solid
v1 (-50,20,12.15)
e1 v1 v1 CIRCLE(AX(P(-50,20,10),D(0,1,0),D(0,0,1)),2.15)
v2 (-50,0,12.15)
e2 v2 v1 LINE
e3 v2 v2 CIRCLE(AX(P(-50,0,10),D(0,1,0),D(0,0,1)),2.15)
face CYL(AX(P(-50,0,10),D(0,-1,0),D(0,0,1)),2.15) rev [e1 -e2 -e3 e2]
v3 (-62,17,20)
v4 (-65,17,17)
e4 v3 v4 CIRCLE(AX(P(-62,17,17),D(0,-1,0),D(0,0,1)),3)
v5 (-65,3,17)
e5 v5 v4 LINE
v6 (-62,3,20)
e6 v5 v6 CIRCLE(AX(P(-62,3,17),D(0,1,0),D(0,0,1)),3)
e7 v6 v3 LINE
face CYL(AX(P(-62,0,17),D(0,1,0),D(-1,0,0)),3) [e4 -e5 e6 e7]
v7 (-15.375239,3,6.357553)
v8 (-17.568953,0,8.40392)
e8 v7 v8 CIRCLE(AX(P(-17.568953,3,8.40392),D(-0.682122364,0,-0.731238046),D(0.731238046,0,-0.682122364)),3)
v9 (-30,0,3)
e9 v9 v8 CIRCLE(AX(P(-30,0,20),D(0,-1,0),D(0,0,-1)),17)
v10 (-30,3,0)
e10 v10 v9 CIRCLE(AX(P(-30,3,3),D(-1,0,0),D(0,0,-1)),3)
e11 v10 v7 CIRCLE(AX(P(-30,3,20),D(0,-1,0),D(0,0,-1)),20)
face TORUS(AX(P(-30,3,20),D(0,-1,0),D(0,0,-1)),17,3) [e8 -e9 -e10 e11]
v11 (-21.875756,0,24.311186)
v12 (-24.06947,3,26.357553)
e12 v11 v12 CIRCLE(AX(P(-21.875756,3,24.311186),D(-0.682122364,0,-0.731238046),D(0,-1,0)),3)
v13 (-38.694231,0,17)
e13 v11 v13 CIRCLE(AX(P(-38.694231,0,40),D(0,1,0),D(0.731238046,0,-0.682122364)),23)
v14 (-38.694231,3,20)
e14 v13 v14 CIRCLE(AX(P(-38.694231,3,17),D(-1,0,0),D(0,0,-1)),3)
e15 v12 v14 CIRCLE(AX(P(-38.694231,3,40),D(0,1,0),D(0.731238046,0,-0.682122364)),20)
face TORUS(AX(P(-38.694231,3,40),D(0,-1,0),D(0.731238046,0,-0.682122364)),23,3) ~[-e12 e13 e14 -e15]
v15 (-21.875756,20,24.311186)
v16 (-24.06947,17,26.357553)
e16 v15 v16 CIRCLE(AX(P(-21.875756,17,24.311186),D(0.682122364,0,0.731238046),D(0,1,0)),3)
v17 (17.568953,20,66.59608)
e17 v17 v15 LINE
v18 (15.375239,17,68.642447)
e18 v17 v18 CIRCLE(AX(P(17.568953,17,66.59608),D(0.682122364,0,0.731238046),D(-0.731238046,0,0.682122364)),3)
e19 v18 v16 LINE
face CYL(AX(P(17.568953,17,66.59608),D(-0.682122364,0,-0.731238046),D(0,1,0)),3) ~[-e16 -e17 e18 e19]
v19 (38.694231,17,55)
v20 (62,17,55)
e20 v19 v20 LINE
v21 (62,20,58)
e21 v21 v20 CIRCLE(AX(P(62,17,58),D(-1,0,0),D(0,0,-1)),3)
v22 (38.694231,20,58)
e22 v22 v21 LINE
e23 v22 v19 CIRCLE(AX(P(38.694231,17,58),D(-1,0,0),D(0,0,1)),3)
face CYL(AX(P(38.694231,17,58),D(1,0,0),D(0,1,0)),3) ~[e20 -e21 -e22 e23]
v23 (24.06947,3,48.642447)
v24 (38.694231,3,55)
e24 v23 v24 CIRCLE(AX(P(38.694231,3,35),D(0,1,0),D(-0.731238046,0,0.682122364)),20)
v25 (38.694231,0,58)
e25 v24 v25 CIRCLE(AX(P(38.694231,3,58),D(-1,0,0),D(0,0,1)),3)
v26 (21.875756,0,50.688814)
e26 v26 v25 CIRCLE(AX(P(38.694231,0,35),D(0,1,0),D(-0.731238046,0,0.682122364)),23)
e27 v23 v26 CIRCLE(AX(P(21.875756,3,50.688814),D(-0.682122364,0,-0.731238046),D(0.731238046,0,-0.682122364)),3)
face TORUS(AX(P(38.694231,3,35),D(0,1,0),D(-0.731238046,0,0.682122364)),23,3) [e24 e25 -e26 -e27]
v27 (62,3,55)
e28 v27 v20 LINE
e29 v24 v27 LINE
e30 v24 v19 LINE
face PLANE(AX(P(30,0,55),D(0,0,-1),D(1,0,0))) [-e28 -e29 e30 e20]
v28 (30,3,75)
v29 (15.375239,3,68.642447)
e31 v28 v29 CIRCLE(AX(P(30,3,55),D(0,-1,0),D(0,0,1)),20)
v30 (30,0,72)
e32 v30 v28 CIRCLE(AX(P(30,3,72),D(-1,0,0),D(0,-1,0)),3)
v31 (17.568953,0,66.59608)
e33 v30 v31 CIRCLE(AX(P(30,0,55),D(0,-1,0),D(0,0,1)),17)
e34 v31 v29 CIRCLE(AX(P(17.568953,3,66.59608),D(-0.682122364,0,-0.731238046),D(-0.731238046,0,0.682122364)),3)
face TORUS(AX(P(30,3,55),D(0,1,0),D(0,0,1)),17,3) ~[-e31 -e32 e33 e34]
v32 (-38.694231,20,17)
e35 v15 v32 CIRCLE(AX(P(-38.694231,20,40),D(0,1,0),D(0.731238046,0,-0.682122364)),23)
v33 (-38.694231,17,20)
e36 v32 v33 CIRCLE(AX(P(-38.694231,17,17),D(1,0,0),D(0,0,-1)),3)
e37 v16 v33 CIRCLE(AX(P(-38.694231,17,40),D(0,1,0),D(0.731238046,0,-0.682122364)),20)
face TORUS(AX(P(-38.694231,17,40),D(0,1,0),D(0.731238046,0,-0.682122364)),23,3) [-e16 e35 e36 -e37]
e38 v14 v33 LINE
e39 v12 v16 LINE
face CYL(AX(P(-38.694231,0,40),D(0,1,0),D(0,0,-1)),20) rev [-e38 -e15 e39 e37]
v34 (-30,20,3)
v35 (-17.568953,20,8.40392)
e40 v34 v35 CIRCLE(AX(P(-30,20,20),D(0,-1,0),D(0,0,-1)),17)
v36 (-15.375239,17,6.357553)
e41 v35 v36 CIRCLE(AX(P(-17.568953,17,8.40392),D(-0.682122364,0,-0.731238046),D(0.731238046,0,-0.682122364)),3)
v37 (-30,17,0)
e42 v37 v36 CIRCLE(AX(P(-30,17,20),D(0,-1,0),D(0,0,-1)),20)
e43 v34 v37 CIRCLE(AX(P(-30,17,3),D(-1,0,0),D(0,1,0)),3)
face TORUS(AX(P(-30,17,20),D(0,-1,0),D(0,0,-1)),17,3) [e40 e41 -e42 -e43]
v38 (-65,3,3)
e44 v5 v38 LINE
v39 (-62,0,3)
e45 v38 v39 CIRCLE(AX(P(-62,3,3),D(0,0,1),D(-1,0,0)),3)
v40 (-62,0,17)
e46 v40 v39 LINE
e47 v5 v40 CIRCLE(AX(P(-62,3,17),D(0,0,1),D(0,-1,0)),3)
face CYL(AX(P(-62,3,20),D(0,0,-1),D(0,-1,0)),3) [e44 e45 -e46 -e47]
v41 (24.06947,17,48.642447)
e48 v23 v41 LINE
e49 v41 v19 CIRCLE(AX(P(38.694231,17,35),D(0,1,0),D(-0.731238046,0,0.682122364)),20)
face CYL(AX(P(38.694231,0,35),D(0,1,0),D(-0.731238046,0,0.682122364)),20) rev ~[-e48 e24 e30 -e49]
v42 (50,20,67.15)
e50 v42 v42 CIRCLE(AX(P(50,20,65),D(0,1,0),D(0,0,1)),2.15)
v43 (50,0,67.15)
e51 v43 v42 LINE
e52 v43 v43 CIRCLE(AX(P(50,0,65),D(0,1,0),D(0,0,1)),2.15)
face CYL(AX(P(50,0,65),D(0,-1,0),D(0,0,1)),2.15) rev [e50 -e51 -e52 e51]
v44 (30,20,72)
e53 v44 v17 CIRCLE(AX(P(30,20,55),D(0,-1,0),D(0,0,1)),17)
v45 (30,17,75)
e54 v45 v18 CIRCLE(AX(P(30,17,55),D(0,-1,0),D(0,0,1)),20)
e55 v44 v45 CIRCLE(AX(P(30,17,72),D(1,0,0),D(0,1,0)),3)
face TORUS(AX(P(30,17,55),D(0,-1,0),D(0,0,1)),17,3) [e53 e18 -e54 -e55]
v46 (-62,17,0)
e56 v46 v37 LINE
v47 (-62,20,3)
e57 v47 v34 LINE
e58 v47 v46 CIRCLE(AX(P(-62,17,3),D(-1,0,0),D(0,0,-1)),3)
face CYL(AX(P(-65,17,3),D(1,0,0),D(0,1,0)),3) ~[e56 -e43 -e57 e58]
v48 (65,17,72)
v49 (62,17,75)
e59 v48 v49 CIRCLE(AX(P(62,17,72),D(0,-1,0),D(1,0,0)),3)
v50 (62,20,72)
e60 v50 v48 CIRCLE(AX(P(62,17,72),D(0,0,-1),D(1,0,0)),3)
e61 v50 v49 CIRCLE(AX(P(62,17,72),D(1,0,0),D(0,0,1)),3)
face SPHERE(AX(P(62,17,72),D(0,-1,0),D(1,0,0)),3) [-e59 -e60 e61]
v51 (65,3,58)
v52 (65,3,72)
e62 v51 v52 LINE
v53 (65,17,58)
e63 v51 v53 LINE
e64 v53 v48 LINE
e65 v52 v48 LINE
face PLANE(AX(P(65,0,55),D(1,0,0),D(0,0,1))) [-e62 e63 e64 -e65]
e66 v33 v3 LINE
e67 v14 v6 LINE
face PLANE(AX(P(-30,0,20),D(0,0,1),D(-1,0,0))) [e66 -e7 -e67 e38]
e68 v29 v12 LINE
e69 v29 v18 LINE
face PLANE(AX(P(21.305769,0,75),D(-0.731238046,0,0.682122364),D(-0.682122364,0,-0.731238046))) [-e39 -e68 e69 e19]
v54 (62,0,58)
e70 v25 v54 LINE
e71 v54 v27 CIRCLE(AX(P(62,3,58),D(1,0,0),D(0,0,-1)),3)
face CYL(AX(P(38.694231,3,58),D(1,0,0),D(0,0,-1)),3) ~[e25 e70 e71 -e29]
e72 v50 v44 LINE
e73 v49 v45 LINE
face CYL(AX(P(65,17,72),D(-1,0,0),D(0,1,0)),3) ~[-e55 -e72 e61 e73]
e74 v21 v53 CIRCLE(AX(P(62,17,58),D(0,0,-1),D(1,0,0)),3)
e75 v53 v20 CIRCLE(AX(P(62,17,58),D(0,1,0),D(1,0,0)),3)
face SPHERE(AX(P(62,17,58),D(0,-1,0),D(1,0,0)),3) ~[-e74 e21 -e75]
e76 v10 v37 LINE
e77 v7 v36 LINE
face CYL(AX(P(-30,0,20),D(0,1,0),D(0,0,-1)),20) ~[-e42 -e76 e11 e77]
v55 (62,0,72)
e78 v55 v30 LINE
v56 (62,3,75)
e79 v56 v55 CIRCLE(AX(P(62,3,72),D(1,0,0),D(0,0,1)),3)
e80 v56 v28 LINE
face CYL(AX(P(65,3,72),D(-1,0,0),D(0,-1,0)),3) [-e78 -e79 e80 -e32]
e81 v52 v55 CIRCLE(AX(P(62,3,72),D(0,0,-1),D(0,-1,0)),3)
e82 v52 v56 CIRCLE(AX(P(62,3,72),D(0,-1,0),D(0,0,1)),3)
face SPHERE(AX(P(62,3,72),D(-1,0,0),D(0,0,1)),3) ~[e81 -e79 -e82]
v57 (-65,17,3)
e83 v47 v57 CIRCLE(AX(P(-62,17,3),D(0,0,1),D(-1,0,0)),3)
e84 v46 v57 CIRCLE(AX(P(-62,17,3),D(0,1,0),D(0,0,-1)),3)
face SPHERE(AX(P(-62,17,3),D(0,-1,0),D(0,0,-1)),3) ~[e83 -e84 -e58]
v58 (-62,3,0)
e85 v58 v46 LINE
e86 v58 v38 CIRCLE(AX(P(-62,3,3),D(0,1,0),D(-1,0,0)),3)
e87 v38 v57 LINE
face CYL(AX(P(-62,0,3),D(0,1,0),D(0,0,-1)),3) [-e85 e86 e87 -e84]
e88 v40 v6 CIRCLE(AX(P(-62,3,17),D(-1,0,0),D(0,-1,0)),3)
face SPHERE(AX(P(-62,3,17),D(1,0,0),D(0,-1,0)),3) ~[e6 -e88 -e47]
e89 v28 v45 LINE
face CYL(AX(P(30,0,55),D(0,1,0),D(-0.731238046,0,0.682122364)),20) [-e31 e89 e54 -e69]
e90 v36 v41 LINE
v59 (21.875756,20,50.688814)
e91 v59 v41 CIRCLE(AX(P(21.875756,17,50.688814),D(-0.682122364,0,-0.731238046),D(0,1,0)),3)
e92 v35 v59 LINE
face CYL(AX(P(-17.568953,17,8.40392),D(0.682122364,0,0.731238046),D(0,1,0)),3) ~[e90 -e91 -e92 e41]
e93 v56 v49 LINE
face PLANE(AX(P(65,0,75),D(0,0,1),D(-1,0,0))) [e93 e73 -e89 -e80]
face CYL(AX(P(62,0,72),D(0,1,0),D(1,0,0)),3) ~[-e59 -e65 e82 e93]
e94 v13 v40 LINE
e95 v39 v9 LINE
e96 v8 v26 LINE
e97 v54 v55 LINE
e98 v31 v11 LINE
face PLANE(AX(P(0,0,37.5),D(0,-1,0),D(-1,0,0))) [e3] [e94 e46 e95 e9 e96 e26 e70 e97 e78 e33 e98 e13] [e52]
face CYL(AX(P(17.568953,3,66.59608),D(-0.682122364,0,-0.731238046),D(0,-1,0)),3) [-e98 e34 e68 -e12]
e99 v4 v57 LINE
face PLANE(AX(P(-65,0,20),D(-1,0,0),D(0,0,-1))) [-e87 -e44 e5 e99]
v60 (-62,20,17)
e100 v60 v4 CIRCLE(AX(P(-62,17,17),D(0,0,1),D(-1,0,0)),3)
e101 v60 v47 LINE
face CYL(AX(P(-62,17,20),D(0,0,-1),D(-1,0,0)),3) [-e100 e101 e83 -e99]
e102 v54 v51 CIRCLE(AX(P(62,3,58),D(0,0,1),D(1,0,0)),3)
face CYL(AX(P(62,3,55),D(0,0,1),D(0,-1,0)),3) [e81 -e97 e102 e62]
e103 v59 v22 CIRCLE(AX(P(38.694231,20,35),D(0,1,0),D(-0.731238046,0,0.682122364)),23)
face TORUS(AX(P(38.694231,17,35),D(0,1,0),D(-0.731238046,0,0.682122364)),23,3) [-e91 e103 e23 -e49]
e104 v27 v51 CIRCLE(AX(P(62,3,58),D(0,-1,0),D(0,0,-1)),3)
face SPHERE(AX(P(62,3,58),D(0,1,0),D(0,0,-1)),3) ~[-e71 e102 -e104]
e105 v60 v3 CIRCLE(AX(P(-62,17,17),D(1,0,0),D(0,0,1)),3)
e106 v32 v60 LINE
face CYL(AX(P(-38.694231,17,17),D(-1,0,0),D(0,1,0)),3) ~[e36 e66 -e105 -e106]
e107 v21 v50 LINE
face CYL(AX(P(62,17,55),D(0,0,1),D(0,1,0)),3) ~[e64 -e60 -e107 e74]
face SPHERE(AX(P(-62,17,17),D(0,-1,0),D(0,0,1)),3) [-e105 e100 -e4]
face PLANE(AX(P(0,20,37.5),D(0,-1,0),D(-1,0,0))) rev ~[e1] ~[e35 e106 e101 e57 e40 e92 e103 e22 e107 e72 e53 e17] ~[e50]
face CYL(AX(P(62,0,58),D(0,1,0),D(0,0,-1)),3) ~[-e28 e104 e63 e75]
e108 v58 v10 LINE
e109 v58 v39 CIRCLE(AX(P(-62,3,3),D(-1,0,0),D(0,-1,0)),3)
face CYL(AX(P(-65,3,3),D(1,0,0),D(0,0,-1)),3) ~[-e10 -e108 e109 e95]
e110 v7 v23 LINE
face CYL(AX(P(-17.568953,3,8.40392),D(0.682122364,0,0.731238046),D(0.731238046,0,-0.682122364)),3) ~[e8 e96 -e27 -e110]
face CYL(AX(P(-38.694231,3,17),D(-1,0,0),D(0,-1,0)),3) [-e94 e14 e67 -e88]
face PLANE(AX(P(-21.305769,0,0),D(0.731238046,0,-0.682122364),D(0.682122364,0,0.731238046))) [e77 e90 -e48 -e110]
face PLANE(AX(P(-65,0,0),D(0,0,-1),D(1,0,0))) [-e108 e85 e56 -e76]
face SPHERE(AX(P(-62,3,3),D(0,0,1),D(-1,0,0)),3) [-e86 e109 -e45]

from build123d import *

# Parameters (mm, degrees)
CROQUIS1_R              = 2.15
SALIENTE_EXTRUIR1_DEPTH = 20
REDONDEO1_R             = 20
REDONDEO2_R             = 3


with BuildPart() as part:
    # Croquis1 → Saliente-Extruir1 (new body)
    with BuildSketch(Plane(origin=(0, 0, 0), x_dir=(1, 0, 0), z_dir=(0, 1, 0))):
        Polygon((-65, 0), (-21.305768696, 0), (30, -55), (65, -55), (65, -75), (21.305768696, -75), (-30, -20), (-65, -20), align=None)
        with Locations(Location((-50, -10, 0), (0, 0, 270))):
            Circle(CROQUIS1_R, mode=Mode.SUBTRACT)
        with Locations(Location((50, -65, 0), (0, 0, 270))):
            Circle(CROQUIS1_R, mode=Mode.SUBTRACT)
    extrude(amount=SALIENTE_EXTRUIR1_DEPTH)

    # Redondeo1
    redondeo1_edges = [part.edges().sort_by_distance(p)[0] for p in [
        (-21.305768696, 10, 0),
        (30, 10, 55),
        (21.305768696, 10, 75),
        (-30, 10, 20),
    ]]
    fillet(redondeo1_edges, radius=REDONDEO1_R)

    # Redondeo2
    redondeo2_edges = [part.edges().sort_by_distance(p)[0] for p in [
        (-51.847115652, 0, 20),
        (-65, 0, 10),
        (-65, 10, 0),
        (65, 10, 55),
        (65, 10, 75),
        (-65, 10, 20),
        (65, 20, 65),
        (51.847115652, 20, 55),
        (47.5, 0, 75),
        (47.5, 20, 75),
        (-47.5, 0, 0),
        (4.347115652, 0, 27.5),
        (-4.347115652, 0, 47.5),
        (-22.026573691, 0, 1.658122427),
        (22.026573691, 0, 73.341877573),
        (-4.347115652, 20, 47.5),
        (4.347115652, 20, 27.5),
        (-47.5, 20, 0),
        (-22.026573691, 20, 1.658122427),
        (22.026573691, 20, 73.341877573),
        (30.720804996, 0, 53.341877573),
        (30.720804996, 20, 53.341877573),
        (-30.720804996, 0, 21.658122427),
        (-30.720804996, 20, 21.658122427),
        (-65, 20, 10),
        (-51.847115652, 20, 20),
        (51.847115652, 0, 55),
        (65, 0, 65),
    ]]
    fillet(redondeo2_edges, radius=REDONDEO2_R)


solid = part.part
